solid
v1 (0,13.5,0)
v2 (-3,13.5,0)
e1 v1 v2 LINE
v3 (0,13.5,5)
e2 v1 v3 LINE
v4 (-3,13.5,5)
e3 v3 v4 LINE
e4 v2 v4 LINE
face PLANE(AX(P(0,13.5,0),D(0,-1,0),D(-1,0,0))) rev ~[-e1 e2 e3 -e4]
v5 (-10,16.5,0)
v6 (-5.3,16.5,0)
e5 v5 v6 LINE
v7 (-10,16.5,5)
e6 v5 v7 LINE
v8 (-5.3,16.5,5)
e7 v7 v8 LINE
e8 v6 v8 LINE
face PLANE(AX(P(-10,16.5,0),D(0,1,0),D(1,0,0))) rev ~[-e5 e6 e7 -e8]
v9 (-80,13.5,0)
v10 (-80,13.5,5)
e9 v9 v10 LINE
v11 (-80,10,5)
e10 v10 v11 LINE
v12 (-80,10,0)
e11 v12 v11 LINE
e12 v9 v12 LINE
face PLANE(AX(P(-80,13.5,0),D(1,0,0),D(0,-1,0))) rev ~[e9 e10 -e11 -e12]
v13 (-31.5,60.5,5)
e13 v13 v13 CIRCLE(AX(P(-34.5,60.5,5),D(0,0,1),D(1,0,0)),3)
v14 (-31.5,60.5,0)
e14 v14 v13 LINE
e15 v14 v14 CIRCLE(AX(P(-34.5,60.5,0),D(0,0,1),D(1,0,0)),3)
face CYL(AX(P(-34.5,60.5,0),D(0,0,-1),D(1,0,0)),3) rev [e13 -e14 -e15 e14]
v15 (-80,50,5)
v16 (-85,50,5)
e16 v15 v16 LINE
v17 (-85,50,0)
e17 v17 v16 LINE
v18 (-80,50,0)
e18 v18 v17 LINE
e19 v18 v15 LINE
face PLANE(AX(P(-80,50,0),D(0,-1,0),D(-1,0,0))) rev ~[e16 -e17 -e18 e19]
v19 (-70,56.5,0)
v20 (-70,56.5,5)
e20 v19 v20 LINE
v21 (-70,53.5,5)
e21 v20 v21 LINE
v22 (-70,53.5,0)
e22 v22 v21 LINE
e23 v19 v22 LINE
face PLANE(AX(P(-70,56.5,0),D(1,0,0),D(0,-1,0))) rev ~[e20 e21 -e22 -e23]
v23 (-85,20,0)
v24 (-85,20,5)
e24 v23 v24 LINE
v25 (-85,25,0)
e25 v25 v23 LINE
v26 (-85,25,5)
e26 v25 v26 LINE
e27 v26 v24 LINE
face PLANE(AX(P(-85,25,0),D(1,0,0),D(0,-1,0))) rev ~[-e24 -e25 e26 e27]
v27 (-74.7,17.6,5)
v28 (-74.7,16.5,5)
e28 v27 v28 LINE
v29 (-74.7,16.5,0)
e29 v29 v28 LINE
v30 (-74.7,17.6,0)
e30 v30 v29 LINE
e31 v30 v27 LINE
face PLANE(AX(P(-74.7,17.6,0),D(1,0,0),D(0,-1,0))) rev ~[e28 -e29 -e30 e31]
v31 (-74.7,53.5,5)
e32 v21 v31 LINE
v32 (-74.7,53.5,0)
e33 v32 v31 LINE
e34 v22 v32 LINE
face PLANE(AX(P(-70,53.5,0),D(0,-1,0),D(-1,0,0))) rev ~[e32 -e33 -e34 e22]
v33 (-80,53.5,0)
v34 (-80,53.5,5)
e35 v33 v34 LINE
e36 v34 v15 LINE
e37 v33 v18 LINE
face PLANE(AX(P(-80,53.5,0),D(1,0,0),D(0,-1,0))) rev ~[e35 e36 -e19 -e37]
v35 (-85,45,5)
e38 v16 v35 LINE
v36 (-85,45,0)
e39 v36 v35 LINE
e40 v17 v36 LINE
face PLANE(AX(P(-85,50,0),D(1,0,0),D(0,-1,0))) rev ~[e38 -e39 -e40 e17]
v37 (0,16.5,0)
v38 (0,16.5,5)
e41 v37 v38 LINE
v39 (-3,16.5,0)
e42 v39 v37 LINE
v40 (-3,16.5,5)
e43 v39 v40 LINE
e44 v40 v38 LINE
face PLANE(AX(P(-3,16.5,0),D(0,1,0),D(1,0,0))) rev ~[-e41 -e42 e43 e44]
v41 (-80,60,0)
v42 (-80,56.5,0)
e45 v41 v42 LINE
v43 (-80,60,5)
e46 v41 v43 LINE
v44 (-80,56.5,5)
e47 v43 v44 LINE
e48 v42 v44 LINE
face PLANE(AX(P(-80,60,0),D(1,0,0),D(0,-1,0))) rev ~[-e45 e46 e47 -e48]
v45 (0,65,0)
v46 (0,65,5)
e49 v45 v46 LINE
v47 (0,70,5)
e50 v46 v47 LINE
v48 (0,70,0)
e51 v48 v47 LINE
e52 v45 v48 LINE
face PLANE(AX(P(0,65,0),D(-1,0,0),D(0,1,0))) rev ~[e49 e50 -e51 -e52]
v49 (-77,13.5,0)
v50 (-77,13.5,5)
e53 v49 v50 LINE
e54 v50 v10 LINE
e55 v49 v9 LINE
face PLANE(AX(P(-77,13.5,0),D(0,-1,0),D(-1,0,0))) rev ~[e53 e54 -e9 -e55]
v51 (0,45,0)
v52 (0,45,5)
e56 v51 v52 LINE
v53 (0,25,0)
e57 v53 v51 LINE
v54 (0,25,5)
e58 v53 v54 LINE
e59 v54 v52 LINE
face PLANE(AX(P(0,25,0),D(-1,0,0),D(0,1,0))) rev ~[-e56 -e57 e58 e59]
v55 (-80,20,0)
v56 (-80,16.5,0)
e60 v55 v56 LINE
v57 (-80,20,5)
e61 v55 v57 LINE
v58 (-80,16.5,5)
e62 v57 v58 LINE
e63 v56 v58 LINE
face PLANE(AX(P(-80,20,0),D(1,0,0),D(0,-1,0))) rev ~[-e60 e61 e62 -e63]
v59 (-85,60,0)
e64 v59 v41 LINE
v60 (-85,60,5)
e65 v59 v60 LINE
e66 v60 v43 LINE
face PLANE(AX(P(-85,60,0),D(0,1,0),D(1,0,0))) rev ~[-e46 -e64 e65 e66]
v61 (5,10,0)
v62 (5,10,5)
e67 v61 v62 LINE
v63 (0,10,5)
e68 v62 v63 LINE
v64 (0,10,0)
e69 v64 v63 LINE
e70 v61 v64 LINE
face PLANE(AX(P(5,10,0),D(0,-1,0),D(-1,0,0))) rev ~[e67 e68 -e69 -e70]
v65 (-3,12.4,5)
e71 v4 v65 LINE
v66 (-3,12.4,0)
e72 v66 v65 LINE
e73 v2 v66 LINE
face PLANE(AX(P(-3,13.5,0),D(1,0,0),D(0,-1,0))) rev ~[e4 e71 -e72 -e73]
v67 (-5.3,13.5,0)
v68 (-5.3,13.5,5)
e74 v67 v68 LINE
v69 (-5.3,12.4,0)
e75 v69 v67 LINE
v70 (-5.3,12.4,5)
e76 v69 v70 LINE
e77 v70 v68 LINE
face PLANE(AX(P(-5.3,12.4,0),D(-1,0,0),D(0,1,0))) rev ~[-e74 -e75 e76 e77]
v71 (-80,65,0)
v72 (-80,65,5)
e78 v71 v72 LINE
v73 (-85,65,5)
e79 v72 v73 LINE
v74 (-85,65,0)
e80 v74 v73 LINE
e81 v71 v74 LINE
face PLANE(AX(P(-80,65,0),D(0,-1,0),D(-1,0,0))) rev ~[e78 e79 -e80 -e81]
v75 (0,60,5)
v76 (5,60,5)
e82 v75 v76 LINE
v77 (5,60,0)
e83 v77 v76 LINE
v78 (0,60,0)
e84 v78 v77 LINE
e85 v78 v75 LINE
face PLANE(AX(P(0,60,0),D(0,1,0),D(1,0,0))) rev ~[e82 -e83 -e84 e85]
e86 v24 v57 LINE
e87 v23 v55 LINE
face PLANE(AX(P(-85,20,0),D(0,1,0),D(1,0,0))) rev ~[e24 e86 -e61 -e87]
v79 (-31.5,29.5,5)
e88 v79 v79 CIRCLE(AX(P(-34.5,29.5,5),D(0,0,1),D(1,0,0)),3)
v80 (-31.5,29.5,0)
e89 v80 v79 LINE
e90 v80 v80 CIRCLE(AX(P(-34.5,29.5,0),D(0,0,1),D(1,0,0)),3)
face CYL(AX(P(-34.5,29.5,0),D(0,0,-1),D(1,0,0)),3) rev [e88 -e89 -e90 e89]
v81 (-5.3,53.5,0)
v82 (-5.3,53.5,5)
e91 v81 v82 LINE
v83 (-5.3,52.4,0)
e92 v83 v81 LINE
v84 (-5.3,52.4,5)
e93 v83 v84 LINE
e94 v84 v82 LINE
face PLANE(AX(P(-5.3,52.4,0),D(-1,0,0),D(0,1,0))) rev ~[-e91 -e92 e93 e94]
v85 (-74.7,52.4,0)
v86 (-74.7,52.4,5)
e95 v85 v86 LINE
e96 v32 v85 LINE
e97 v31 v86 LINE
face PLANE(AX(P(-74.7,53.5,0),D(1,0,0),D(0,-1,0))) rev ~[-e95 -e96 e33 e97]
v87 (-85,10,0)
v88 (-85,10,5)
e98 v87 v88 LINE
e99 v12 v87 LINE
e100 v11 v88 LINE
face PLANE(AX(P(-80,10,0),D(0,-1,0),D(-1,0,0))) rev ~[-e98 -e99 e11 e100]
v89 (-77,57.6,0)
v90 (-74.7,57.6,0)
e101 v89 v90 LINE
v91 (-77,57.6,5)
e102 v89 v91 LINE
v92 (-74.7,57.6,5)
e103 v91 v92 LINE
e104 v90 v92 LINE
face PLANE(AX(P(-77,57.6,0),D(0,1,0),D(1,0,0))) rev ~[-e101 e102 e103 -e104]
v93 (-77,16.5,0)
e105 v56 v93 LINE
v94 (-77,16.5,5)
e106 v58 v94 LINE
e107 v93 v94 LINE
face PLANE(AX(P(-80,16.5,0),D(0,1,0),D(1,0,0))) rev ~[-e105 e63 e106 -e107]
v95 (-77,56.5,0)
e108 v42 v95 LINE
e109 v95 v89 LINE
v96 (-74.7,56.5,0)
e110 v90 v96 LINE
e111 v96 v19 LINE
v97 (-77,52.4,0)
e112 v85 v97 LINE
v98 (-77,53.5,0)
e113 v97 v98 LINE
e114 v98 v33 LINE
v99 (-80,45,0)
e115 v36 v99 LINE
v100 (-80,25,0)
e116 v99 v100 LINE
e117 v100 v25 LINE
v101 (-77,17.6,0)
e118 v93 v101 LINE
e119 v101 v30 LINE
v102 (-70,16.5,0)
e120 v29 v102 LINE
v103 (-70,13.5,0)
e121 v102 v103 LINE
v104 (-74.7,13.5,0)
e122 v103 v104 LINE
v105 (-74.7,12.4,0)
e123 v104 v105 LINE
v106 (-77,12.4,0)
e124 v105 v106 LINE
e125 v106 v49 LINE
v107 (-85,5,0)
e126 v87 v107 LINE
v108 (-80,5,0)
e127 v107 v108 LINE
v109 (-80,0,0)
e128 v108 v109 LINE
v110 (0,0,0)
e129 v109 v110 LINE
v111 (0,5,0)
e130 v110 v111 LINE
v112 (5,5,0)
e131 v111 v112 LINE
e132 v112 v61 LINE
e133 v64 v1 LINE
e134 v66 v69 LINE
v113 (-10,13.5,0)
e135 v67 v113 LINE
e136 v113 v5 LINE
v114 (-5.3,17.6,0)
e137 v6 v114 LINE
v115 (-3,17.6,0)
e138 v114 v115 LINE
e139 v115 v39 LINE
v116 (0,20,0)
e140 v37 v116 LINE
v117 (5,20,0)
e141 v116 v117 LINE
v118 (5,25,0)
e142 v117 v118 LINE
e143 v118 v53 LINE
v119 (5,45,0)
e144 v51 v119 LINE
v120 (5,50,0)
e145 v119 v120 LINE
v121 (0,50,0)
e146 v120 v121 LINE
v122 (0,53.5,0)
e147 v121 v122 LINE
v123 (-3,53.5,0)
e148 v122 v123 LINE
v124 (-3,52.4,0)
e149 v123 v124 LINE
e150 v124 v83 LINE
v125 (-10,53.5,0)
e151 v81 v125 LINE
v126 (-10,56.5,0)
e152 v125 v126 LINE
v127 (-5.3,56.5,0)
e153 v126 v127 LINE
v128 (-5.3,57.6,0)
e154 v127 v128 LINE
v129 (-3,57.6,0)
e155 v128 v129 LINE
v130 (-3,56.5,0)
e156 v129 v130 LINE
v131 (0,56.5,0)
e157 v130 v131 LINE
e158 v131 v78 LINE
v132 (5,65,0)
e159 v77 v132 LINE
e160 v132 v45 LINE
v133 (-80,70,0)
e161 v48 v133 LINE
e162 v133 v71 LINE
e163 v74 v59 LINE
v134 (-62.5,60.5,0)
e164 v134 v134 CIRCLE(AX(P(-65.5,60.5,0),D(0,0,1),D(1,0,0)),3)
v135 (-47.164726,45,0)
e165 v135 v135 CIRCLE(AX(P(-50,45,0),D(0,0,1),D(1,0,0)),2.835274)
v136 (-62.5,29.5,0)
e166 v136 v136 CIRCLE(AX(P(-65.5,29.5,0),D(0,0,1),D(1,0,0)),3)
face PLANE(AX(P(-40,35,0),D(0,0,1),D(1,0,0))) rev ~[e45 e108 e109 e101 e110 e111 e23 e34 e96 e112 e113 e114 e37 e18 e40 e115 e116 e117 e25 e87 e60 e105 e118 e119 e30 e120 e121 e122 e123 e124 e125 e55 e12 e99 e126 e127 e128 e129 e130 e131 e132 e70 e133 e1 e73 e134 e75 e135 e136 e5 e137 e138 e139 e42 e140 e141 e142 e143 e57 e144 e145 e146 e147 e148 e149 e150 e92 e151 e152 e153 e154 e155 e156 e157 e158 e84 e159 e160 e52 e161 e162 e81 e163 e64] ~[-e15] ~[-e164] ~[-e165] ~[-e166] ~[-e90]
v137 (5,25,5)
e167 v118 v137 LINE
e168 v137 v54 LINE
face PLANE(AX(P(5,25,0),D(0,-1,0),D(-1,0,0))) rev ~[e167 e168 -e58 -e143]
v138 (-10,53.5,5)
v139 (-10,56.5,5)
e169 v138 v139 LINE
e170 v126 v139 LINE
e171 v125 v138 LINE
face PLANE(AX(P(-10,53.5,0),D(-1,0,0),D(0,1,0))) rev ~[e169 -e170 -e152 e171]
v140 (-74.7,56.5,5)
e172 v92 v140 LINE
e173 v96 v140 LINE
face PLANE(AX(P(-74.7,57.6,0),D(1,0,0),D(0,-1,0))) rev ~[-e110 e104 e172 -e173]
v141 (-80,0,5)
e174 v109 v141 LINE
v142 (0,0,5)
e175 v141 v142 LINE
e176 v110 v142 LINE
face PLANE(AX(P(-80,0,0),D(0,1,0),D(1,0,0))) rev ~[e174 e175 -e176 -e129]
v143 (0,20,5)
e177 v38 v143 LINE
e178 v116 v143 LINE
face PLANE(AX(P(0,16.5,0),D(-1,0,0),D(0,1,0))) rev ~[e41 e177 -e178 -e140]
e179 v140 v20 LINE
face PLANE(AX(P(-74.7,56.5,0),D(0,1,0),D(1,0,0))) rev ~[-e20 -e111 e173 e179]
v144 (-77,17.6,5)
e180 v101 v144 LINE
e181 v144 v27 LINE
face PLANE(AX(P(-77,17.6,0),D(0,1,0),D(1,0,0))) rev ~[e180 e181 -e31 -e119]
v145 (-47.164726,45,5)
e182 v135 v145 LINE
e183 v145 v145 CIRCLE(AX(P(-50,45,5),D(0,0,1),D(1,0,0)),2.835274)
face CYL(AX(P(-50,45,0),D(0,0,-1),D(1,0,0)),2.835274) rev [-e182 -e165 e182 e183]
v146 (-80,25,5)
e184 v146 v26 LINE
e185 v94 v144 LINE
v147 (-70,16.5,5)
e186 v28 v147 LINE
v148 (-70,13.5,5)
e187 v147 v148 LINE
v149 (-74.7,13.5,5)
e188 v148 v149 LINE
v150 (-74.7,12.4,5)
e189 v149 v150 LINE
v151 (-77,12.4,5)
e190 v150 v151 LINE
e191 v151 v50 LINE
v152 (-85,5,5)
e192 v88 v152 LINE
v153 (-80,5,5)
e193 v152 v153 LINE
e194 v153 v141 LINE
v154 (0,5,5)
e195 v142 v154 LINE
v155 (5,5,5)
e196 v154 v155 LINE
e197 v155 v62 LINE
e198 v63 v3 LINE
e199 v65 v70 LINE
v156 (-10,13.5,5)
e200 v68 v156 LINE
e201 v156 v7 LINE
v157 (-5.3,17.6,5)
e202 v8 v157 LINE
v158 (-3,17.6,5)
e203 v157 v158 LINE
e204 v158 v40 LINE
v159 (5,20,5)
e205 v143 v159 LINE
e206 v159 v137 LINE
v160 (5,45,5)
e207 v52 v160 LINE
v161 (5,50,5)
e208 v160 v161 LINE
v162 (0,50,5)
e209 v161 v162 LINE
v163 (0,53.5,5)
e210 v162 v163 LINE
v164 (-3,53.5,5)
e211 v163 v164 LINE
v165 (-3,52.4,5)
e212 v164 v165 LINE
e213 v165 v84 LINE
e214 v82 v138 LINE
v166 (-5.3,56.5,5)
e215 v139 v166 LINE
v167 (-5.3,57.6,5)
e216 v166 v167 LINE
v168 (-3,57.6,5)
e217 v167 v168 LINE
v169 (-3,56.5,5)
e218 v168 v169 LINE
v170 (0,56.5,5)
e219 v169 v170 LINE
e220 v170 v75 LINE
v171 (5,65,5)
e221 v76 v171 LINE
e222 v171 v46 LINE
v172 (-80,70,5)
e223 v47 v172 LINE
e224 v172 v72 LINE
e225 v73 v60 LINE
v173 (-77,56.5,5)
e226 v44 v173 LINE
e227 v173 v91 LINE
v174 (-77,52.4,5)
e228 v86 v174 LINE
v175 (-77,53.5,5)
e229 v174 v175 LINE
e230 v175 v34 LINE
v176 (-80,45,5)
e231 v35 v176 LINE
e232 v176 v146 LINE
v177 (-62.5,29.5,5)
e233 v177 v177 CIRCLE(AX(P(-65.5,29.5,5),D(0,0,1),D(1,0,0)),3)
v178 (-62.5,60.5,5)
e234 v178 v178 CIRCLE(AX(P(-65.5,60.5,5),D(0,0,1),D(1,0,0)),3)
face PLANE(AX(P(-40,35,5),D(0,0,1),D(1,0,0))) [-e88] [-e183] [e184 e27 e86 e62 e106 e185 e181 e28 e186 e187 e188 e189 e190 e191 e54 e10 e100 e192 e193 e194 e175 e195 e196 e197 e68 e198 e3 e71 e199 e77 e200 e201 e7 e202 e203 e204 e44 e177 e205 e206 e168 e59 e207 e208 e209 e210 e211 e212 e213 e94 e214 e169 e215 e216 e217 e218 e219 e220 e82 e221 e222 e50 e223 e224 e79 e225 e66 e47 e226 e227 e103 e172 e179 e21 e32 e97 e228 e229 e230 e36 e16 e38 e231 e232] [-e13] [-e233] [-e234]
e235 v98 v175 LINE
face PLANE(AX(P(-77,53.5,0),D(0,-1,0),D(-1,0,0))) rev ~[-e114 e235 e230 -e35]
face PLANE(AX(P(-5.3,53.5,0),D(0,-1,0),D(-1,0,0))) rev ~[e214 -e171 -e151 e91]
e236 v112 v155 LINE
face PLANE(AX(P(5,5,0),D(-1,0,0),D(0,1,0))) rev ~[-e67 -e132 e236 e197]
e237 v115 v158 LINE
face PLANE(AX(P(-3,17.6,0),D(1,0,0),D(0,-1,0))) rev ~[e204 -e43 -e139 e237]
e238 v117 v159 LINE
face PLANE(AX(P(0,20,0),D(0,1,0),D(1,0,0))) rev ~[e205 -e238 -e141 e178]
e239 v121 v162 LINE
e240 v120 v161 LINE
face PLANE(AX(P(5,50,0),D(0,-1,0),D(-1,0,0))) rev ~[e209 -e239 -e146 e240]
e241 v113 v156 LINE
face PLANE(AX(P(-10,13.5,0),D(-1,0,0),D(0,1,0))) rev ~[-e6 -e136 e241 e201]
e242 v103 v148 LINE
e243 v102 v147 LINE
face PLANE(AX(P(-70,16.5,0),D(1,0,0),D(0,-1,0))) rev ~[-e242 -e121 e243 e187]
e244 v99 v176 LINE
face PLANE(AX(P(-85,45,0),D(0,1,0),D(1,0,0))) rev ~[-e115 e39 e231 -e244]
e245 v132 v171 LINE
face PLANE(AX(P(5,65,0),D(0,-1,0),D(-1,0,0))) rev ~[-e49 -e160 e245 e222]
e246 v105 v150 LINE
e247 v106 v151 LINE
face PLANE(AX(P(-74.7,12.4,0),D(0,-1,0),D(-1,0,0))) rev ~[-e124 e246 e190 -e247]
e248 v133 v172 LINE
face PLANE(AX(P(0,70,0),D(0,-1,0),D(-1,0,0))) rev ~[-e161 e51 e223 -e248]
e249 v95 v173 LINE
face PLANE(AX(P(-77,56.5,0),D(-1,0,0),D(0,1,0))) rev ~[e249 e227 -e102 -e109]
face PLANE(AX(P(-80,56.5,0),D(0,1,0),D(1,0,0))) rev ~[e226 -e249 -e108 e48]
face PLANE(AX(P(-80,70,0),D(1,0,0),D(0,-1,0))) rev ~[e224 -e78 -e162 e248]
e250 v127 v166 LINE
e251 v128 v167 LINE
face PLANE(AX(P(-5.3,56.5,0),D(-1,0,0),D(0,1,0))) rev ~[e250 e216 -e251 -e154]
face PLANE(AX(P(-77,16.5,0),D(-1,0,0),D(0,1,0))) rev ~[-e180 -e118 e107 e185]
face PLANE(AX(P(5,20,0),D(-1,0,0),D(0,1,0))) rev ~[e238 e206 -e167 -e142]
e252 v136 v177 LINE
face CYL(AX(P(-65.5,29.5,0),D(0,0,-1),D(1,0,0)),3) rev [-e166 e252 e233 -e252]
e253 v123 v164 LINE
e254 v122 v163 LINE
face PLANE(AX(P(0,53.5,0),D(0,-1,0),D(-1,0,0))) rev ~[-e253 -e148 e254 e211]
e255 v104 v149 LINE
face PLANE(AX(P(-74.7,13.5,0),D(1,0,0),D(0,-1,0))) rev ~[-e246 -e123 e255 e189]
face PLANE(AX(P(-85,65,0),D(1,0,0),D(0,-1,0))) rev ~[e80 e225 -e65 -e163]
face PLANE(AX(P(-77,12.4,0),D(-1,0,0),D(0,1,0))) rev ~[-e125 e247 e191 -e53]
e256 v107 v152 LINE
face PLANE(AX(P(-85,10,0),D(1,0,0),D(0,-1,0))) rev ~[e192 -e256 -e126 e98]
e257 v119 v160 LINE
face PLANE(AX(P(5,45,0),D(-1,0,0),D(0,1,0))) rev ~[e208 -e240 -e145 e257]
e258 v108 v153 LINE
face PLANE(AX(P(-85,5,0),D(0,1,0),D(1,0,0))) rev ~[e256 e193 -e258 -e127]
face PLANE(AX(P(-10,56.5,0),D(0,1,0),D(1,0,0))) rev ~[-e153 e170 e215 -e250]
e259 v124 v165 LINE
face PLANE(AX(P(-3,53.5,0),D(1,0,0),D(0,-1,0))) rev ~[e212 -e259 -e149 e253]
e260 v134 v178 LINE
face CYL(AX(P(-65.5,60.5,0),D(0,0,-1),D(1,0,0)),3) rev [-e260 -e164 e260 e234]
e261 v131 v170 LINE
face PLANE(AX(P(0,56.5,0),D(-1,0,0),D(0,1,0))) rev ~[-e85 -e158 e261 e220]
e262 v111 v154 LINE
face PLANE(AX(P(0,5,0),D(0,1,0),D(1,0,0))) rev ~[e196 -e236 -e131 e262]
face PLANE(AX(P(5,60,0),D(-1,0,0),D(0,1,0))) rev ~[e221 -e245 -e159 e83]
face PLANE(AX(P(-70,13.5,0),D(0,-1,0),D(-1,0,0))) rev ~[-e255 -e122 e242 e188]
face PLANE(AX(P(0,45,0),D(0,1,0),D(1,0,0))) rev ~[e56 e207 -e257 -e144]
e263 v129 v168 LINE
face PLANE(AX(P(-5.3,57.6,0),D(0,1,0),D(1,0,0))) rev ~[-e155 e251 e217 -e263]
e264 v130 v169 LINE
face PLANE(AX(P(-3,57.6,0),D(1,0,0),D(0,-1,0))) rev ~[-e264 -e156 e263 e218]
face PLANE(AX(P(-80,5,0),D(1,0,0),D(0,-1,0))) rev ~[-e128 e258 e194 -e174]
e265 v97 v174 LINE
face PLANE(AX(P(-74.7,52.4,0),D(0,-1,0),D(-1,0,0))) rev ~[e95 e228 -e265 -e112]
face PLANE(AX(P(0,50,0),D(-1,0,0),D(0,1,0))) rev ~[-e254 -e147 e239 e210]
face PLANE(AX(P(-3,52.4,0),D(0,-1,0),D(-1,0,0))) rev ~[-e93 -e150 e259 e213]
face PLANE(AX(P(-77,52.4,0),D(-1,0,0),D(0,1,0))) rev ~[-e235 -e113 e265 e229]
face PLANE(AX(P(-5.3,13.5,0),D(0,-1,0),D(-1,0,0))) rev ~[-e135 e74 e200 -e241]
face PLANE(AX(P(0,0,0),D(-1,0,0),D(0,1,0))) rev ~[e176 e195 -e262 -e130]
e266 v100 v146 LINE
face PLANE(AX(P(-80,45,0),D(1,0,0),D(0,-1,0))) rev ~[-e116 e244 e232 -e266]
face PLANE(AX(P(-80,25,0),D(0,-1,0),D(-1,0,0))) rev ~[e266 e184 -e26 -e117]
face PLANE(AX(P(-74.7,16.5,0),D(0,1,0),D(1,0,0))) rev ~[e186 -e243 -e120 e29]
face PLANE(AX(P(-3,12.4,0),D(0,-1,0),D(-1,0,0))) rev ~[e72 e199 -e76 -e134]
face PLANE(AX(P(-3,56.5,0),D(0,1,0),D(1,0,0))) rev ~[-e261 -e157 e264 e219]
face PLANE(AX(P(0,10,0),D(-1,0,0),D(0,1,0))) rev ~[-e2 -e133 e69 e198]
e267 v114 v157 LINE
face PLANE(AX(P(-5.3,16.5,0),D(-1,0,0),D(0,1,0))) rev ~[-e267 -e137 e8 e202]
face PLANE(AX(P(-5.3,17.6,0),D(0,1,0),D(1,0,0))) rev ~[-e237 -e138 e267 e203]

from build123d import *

# Parameters (mm, degrees)
SKETCH1_R           = 3
SKETCH1_R_2         = 2.835274302
BOSS_EXTRUDE1_DEPTH = 5


with BuildPart() as part:
    # Sketch1 → Boss-Extrude1 (new body)
    with BuildSketch(Plane.XY):
        Polygon((0, 70), (-80, 70), (-80, 65), (-85, 65), (-85, 60), (-80, 60), (-80, 56.5), (-77, 56.5), (-77, 57.6), (-74.7, 57.6), (-74.7, 56.5), (-70, 56.5), (-70, 53.5), (-74.7, 53.5), (-74.7, 52.4), (-77, 52.4), (-77, 53.5), (-80, 53.5), (-80, 50), (-85, 50), (-85, 45), (-80, 45), (-80, 25), (-85, 25), (-85, 20), (-80, 20), (-80, 16.5), (-77, 16.5), (-77, 17.6), (-74.7, 17.6), (-74.7, 16.5), (-70, 16.5), (-70, 13.5), (-74.7, 13.5), (-74.7, 12.4), (-77, 12.4), (-77, 13.5), (-80, 13.5), (-80, 10), (-85, 10), (-85, 5), (-80, 5), (-80, 0), (0, 0), (0, 5), (5, 5), (5, 10), (0, 10), (0, 13.5), (-3, 13.5), (-3, 12.4), (-5.3, 12.4), (-5.3, 13.5), (-10, 13.5), (-10, 16.5), (-5.3, 16.5), (-5.3, 17.6), (-3, 17.6), (-3, 16.5), (0, 16.5), (0, 20), (5, 20), (5, 25), (0, 25), (0, 45), (5, 45), (5, 50), (0, 50), (0, 53.5), (-3, 53.5), (-3, 52.4), (-5.3, 52.4), (-5.3, 53.5), (-10, 53.5), (-10, 56.5), (-5.3, 56.5), (-5.3, 57.6), (-3, 57.6), (-3, 56.5), (0, 56.5), (0, 60), (5, 60), (5, 65), (0, 65), align=None)
        with Locations((-65.5, 60.5)):
            Circle(SKETCH1_R, mode=Mode.SUBTRACT)
        with Locations((-34.5, 60.5)):
            Circle(SKETCH1_R, mode=Mode.SUBTRACT)
        with Locations((-65.5, 29.5)):
            Circle(SKETCH1_R, mode=Mode.SUBTRACT)
        with Locations((-34.5, 29.5)):
            Circle(SKETCH1_R, mode=Mode.SUBTRACT)
        with Locations((-50, 45)):
            Circle(SKETCH1_R_2, mode=Mode.SUBTRACT)
    extrude(amount=BOSS_EXTRUDE1_DEPTH)


solid = part.part
